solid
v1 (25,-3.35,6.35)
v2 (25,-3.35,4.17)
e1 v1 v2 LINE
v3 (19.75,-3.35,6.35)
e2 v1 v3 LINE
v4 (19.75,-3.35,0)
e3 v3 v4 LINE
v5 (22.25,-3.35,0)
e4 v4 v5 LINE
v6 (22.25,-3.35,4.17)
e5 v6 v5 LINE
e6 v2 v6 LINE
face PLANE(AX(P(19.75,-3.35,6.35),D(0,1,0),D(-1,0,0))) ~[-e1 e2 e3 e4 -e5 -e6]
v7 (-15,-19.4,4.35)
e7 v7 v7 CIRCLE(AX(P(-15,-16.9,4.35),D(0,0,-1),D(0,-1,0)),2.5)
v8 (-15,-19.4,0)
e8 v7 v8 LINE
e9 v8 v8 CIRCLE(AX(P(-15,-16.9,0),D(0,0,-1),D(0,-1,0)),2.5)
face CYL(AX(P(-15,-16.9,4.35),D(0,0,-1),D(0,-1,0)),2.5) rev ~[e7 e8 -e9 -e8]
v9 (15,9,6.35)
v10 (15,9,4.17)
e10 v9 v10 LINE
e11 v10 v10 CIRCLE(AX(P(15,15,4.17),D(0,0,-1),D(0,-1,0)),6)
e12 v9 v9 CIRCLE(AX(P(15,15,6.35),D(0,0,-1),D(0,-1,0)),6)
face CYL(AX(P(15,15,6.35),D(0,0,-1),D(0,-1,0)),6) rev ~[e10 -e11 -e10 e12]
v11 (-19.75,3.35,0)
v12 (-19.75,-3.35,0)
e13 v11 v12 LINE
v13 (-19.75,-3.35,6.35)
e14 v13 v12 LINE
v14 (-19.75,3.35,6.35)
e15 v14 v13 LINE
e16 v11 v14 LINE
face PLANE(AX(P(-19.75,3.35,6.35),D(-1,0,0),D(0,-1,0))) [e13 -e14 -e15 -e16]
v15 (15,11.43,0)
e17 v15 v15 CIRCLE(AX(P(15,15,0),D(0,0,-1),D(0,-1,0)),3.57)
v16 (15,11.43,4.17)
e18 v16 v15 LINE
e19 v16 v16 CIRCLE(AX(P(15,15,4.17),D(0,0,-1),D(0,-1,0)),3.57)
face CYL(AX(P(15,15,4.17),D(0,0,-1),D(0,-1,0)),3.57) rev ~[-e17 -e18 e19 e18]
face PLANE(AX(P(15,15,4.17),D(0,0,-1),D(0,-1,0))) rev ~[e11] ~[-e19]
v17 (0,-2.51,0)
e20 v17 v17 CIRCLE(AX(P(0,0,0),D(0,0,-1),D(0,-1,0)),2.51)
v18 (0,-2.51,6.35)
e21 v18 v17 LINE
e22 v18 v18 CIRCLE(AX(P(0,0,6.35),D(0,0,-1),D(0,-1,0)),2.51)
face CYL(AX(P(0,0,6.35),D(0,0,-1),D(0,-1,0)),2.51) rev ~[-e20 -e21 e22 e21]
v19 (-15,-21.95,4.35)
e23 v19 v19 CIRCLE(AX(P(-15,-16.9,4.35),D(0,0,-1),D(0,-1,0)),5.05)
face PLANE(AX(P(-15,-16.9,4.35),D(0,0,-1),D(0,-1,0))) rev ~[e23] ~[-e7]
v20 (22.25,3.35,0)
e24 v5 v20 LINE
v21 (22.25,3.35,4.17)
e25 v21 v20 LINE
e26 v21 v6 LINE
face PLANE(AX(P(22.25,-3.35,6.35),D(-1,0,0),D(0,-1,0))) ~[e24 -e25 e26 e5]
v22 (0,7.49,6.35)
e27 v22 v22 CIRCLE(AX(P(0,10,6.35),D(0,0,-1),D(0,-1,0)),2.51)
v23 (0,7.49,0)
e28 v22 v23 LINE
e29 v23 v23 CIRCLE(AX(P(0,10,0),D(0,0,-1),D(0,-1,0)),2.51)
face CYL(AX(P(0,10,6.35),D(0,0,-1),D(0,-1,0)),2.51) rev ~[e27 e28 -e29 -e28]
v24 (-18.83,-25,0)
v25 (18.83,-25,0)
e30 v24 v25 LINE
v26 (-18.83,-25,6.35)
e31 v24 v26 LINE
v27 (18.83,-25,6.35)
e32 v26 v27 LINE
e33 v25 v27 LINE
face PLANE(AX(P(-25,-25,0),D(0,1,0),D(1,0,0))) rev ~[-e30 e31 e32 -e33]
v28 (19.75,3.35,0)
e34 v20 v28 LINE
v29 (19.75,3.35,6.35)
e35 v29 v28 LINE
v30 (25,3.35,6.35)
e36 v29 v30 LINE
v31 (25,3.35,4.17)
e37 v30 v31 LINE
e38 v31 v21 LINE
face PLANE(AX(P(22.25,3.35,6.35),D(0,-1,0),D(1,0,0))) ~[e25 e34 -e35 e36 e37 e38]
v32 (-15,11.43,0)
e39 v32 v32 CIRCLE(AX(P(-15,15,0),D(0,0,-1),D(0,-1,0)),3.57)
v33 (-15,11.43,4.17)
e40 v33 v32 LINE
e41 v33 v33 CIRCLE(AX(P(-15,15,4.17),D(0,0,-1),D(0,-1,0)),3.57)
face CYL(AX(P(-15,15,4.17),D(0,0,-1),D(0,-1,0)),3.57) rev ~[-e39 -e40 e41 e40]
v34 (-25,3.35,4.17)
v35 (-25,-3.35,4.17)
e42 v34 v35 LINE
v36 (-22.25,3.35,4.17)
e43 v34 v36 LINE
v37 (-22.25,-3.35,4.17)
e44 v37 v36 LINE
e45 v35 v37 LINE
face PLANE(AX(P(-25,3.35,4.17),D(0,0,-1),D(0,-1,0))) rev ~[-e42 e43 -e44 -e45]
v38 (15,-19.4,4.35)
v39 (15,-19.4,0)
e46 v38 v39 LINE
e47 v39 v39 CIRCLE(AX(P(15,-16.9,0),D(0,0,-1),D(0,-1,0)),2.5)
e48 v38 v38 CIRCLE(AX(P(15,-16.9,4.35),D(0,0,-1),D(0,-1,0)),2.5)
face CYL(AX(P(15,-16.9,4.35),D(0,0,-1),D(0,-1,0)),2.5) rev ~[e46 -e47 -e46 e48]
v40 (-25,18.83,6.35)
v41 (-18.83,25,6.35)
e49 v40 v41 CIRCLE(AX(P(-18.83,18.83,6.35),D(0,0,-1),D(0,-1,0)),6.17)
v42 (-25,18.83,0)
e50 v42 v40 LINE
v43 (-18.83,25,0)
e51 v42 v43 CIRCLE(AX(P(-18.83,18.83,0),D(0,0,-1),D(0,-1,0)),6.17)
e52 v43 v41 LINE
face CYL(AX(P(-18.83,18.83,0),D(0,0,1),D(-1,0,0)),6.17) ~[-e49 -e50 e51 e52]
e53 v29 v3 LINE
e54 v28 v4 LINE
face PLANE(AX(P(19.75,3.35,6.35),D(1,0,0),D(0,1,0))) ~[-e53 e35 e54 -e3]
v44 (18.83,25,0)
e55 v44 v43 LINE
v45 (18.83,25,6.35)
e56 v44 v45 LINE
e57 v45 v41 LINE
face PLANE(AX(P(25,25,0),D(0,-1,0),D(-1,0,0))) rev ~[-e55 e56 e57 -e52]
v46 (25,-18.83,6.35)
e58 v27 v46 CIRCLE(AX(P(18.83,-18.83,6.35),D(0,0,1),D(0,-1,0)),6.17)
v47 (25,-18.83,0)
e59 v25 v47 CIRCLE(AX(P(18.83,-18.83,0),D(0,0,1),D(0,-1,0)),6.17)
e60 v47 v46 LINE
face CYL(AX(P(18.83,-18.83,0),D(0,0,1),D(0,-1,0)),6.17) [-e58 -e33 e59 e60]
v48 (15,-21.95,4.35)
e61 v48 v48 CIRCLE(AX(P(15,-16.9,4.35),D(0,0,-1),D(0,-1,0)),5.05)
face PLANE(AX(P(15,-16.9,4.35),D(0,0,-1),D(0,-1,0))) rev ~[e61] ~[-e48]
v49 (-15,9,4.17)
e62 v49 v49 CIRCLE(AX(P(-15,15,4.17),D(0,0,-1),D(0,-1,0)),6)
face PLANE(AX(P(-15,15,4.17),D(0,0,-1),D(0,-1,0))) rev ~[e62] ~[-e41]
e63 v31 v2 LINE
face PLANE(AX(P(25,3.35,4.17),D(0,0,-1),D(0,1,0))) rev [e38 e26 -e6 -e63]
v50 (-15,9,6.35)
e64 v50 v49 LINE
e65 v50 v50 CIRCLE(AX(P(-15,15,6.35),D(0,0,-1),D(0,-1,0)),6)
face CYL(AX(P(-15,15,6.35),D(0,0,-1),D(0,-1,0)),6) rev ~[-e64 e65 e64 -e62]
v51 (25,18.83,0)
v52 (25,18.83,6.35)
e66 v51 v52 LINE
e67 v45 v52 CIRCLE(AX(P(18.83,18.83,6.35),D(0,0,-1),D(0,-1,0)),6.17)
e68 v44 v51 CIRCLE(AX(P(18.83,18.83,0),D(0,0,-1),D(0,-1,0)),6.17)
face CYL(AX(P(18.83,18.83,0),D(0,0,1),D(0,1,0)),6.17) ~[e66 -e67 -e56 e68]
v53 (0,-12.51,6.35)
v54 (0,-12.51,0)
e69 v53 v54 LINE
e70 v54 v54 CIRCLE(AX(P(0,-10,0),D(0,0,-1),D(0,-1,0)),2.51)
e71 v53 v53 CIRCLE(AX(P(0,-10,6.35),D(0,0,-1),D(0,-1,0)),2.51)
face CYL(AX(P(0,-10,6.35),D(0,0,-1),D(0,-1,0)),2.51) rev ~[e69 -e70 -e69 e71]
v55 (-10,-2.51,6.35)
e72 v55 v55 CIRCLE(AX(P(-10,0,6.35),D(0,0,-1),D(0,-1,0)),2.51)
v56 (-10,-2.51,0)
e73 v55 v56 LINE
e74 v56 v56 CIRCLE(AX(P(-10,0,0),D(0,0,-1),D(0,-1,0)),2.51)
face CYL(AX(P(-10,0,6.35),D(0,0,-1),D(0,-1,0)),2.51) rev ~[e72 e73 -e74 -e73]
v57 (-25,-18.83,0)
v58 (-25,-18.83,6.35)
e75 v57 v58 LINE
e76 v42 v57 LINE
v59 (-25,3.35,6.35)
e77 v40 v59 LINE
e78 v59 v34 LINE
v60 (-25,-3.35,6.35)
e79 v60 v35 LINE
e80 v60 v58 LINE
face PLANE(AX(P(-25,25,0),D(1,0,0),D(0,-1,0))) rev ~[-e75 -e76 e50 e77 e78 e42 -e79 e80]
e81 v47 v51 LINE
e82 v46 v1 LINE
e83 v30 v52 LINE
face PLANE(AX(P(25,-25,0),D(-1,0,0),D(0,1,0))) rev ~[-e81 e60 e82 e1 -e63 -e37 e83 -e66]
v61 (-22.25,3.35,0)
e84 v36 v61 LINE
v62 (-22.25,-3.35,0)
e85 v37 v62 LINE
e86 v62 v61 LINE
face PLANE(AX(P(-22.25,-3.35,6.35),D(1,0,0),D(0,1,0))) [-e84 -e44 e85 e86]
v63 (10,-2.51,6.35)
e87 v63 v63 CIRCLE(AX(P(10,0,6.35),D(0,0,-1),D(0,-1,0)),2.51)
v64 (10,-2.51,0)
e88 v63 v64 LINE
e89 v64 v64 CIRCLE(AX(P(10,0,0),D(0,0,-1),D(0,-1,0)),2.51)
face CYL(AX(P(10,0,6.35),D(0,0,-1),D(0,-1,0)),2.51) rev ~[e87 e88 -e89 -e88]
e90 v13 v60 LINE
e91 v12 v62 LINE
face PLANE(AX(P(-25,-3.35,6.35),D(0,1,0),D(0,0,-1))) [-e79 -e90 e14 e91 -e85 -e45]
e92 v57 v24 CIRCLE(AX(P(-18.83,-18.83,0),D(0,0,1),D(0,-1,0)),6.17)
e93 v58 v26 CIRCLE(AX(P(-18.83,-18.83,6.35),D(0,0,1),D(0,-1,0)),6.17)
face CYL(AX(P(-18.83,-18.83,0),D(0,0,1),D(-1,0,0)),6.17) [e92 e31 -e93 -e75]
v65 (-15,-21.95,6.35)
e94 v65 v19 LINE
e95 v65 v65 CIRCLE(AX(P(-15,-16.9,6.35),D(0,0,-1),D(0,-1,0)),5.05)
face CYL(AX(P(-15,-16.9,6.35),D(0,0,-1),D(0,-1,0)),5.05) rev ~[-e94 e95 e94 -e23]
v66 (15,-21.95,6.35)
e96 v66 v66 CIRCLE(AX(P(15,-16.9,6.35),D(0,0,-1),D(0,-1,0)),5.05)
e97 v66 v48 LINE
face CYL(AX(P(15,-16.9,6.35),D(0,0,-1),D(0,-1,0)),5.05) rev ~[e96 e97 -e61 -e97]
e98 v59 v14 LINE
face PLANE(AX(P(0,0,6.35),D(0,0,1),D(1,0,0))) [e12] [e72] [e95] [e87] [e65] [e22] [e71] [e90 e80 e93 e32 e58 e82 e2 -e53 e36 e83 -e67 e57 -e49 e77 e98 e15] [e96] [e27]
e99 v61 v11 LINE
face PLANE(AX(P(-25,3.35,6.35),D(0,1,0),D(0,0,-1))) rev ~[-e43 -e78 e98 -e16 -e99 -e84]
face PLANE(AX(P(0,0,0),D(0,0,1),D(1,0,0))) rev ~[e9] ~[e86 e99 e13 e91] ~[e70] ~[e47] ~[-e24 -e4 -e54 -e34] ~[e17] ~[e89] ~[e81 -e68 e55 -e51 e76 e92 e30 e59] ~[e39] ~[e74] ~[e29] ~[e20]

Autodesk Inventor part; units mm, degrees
ref_plane "YZ Plane" through (0, 0, 0) normal (1, 0, 0) x (0, 1, 0)
ref_plane "XZ Plane" through (0, 0, 0) normal (0, 1, 0) x (-1, 0, 0)
sketch "Sketch1" plane through (0, 0, 0) normal (0, 0, 1) x (1, 0, 0)
  line L0 (-25, -25) -> (25, -25)
  line L1 (25, -25) -> (25, 25)
  line L2 (25, 25) -> (-25, 25)
  line L3 (-25, 25) -> (-25, -25)
  line L4 (-25, -25) -> (25, 25) construction
  line L5 (25, -25) -> (-25, 25) construction
  point P0 (0, 0)
  dimension "Width" = 50
  dimension "Height" = 50
extrude "Extrusion1" add sketch "Sketch1" along normal blind 6.35
sketch "Sketch2" plane through (0, 0, 6.35) normal (0, 0, 1) x (1, 0, 0)
  line L0 (-25, -25) -> (25, -25) projected
  line L1 (25, -25) -> (25, 25) projected
  line L2 (25, 25) -> (-25, 25) projected
  line L3 (-25, 25) -> (-25, -25) projected
  line L4 (0, 25) -> (0, -25) construction
  line L5 (-25, 0) -> (25, 0) construction
  point P0 (0, 0)
  point P1 (0, 0)
  point P2 (-10, 0)
  point P3 (0, 10)
  point P4 (0, -10)
  point P5 (10, 0)
  dimension "d4" = 10
  dimension "d5" = 10
  dimension "d6" = 10
  dimension "d7" = 10
hole "Hole1" at (0, 0, 6.35) at (-10, 0, 6.35) at (0, 10, 6.35) at (0, -10, 6.35) at (10, 0, 6.35) direction (0, 0, -1) diameter 5.02 end through all
sketch "Sketch3" plane through (0, 0, 6.35) normal (0, 0, 1) x (1, 0, 0)
  line L0 (-25, -25) -> (25, -25) projected
  line L1 (25, -25) -> (25, 25) projected
  line L2 (25, 25) -> (-25, 25) projected
  line L3 (-25, 25) -> (-25, -25) projected
  line L4 (0, 25) -> (0, -25) construction
  line L5 (25, 0) -> (-25, 0) construction
  line L6 (15, 25) -> (15, -25) construction
  line L7 (-25, -15) -> (25, -15) construction
  point P0 (15, 15)
  point P1 (-15, 15)
  dimension "d15" = 15
  dimension "d16" = 15
hole "Hole2" at (-15, 15, 6.35) at (15, 15, 6.35) direction (0, 0, -1) diameter 7.14 end through all counterbore diameter 12 counterbore depth 2.18
sketch "Sketch6" plane through (0, 0, 6.35) normal (0, 0, 1) x (1, 0, 0)
  circle A0 centre (-15, 15) radius 6 projected
  circle A1 centre (15, 15) radius 6 projected
  circle A2 centre (0, -10) radius 2.51 projected
  circle A3 centre (-10, 0) radius 2.51 projected
  circle A4 centre (0, 0) radius 2.51 projected
  circle A5 centre (0, 10) radius 2.51 projected
  circle A6 centre (10, 0) radius 2.51 projected
  line L0 (-25, -25) -> (25, -25) projected
  line L1 (25, -25) -> (25, 25) projected
  line L2 (25, 25) -> (-25, 25) projected
  line L3 (-25, 25) -> (-25, -25) projected
sketch "Sketch7" plane through (0, 0, 6.35) normal (0, 0, 1) x (1, 0, 0)
  circle A0 centre (-15, 15) radius 6 projected
  circle A1 centre (15, 15) radius 6 projected
  line L0 (-25, -25) -> (25, -25) projected
  line L1 (25, -25) -> (25, 25) projected
  line L2 (-25, 25) -> (-25, -25) projected
  line L3 (15, 15) -> (15, -25) construction
  line L4 (25, -16.9) -> (-25, -16.9) construction
  line L5 (-15, 15) -> (-15, -16.9) construction
  point P0 (15, -16.9)
  dimension "d35" = 31.9
hole "Hole3" at (-15, -16.9, 6.35) at (15, -16.9, 6.35) direction (0, 0, -1) diameter 5 end through all counterbore diameter 10.1 counterbore depth 2
fillet "Fillet1" radius 6.17 4 edges at (25, 25, 3.175) (25, -25, 3.175) (-25, 25, 3.175) (-25, -25, 3.175)
sketch "Sketch4" plane through (0, 0, 6.35) normal (0, 0, 1) x (1, 0, 0)
  line L0 (25, -18.83) -> (25, 18.83) projected
  line L1 (-25, 18.83) -> (-25, -18.83) projected
  line L2 (-25, 0) -> (25, 0) construction
  line L3 (-22.25, 3.35) -> (-19.75, 3.35)
  line L4 (-19.75, 3.35) -> (-19.75, -3.35)
  line L5 (-19.75, -3.35) -> (-22.25, -3.35)
  line L6 (-22.25, -3.35) -> (-22.25, 3.35)
  line L7 (-22.25, 3.35) -> (-19.75, -3.35) construction
  line L8 (-19.75, 3.35) -> (-22.25, -3.35) construction
  point P0 (-21, 0)
  dimension "d25" = 2.5
  dimension "d27" = 5.25
  dimension "d28" = 6.7
extrude "Extrusion2" cut sketch "Sketch4" against normal through all
sketch "Sketch5" plane through (-25, -18.83, 0) normal (-1, 0, 0) x (0, 0, 1)
  line L0 (6.35, 37.66) -> (6.35, 0) projected
  line L1 (0, 15.48) -> (0, 22.18) projected
  line L2 (6.35, 22.18) -> (0, 22.18) projected
  line L3 (6.35, 15.48) -> (0, 15.48) projected
  line L4 (6.35, 22.18) -> (4.17, 22.18)
  line L5 (4.17, 22.18) -> (4.17, 15.48)
  line L6 (4.17, 15.48) -> (6.35, 15.48)
  line L7 (6.35, 15.48) -> (6.35, 22.18)
  point P0 (0, 18.83)
  dimension "d31" = 2.18
extrude "Extrusion3" cut sketch "Sketch5" against normal up to surface (5.25 mm away) contours L0 L3 L5 L2
ref_plane "Work Plane1" through (0, -18.83, 0) normal (-1, 0, 0) x (0, 0, 1)
mirror "Mirror1" about plane through (0, -18.83, 0) normal (-1, 0, 0) of "Extrusion2", "Extrusion3"
properties part number "Micro V Plate" material "Aluminum 6061"
